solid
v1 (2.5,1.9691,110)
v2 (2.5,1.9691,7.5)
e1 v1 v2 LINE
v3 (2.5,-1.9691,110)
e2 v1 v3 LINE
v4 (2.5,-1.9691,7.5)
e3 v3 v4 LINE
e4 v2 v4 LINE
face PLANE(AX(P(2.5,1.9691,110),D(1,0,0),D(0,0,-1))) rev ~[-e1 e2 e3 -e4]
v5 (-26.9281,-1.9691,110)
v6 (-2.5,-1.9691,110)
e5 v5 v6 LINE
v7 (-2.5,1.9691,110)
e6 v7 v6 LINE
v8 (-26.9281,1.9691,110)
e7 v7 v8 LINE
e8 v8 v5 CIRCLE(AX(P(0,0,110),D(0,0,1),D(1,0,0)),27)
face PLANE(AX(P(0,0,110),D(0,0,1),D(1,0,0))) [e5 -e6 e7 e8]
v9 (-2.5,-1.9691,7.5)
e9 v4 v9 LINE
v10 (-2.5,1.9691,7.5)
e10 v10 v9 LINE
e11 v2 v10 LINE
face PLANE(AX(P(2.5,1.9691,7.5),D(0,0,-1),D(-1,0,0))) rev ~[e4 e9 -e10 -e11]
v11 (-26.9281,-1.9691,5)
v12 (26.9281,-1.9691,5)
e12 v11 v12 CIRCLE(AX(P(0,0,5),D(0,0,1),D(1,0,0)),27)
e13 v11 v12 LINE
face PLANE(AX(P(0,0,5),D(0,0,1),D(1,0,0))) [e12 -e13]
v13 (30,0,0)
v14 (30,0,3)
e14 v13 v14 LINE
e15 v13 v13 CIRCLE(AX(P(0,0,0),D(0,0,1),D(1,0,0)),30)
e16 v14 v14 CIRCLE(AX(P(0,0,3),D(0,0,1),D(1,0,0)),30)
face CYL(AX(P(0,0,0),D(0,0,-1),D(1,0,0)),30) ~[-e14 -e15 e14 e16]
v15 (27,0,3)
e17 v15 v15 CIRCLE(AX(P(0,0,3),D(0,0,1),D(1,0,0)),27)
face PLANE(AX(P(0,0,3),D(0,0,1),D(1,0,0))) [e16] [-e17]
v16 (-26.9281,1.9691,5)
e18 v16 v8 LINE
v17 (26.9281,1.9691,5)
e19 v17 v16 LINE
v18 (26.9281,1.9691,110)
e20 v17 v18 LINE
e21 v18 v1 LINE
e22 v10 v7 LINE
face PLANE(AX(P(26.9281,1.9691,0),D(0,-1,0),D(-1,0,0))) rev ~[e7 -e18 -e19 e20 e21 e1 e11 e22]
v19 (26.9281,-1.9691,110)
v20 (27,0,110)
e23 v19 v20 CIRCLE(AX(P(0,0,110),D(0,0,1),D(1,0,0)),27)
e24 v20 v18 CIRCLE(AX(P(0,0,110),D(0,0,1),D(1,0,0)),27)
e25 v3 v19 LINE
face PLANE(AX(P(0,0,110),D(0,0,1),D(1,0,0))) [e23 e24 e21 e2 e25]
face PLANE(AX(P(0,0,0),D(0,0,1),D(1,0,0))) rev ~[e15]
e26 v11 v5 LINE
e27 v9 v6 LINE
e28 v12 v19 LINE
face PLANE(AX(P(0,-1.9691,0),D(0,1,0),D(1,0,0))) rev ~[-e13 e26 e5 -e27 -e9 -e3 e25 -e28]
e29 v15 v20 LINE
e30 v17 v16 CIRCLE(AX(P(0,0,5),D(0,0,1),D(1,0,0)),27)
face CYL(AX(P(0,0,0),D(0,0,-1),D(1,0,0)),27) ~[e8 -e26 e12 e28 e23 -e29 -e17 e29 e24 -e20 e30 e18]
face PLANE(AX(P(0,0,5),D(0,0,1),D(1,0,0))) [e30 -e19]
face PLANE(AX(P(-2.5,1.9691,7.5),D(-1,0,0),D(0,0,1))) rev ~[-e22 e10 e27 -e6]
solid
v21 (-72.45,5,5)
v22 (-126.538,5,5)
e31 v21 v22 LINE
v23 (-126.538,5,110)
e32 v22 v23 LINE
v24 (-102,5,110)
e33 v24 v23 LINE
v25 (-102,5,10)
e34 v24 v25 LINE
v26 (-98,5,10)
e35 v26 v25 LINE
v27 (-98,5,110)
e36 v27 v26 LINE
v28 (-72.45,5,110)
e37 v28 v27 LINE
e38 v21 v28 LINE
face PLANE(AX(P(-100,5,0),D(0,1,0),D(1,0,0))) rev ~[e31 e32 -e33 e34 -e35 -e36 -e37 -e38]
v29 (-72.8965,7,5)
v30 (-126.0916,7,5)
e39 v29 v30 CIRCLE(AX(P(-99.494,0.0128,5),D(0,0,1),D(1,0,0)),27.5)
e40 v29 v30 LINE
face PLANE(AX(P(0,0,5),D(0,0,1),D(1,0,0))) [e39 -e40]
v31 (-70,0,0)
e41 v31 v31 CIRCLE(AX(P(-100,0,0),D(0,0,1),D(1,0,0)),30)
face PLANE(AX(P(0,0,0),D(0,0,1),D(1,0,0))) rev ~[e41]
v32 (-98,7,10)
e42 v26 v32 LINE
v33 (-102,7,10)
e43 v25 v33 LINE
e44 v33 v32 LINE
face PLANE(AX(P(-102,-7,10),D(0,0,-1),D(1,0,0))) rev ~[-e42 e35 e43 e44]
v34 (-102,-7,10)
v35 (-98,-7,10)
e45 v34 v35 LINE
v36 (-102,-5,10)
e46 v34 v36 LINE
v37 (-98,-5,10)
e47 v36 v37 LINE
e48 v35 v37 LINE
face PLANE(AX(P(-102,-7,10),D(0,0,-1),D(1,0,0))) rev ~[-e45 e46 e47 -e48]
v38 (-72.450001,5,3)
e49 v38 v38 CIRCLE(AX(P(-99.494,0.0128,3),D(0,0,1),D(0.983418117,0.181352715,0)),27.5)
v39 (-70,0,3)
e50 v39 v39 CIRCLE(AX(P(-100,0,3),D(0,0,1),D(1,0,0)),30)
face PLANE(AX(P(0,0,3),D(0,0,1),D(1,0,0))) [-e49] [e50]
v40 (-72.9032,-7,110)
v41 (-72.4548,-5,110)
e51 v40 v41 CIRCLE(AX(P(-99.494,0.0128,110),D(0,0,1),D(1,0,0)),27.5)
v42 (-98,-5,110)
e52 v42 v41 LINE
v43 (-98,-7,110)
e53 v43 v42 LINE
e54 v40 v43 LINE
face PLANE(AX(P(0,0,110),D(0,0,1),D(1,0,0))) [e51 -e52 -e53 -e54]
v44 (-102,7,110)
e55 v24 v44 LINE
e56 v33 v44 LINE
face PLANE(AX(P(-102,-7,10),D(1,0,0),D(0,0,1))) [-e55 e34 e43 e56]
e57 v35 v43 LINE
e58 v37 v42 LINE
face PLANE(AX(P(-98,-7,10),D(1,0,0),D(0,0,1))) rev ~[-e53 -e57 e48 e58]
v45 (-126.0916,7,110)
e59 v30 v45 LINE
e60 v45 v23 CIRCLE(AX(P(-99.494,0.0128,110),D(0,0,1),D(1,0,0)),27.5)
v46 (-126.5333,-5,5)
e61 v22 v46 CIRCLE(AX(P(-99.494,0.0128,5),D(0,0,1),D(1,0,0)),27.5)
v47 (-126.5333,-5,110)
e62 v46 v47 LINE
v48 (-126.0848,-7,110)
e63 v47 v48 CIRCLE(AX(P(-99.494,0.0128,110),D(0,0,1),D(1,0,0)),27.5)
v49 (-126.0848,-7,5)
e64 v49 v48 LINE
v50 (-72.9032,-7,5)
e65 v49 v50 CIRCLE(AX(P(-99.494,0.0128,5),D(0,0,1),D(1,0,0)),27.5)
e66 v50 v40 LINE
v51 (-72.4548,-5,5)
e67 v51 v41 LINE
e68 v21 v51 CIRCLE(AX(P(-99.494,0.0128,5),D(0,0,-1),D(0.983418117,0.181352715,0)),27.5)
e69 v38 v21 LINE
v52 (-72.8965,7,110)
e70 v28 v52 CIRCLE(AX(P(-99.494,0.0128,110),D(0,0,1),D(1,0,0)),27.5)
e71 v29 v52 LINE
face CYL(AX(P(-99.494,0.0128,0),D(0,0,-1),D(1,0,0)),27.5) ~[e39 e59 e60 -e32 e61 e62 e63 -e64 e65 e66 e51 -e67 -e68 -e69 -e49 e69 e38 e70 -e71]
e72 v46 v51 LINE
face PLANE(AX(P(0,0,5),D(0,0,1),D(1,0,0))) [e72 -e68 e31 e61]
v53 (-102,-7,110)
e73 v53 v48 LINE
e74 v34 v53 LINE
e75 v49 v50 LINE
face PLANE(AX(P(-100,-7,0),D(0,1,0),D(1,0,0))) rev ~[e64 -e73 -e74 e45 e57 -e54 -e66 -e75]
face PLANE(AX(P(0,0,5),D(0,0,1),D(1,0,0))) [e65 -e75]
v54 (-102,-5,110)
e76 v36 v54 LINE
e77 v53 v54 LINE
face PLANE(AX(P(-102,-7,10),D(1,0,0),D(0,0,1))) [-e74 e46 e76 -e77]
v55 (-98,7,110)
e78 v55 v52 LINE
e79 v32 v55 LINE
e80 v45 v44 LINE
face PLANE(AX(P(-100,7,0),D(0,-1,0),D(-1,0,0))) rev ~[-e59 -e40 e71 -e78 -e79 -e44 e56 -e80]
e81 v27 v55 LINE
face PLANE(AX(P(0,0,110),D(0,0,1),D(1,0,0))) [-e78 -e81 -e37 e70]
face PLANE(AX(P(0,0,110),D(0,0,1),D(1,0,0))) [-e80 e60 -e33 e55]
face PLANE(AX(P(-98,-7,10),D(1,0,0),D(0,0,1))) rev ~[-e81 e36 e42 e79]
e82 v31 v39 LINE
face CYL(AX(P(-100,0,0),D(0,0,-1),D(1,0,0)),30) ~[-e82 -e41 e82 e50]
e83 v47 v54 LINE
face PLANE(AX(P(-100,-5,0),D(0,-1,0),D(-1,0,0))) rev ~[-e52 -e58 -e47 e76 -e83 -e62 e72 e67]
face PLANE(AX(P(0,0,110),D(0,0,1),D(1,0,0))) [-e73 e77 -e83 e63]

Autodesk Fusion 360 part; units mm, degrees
sketch "Base" plane through (0, 0, 0) normal (0, 0, 1) x (1, 0, 0)
  circle A0 centre (0, 0) radius 30
  circle A1 centre (0, 0) radius 28
  dimension "d1" = 60
  dimension "d2" = 56
extrude "Extrude1" add sketch "Base" along normal blind 2 contours A1 makes body 1
extrude "Extrude2" add sketch "Base" along normal blind 113 bodies 1
sketch "Sketch2" plane through (0, 0, 0) normal (0, 0, 1) x (1, 0, 0)
  circle A0 centre (0, 0) radius 27
  line L0 (0, -1.9691) -> (26.9281, -1.9691)
  line L1 (-26.9281, -1.9691) -> (0, -1.9691)
  line L2 (0, 1.9691) -> (-26.9281, 1.9691)
  line L3 (26.9281, 1.9691) -> (0, 1.9691)
  circle A1 centre (0, 0) radius 30
  dimension "d46" = 54
extrude "Extrude3" add sketch "Sketch2" along normal blind 3 separate body makes body 2
extrude "Extrude4" add sketch "Sketch2" along normal blind 5 contours A0 L0 L1 bodies 2
extrude "Extrude5" add sketch "Sketch2" along normal blind 5 contours A0 L2 L3 bodies 2
extrude "Extrude6" add sketch "Sketch2" along normal blind 110 contours A0 L0 L1 L2 L3 bodies 2
sketch "Sketch6" plane through (0, 1.9691, 0) normal (0, 1, 0) x (-1, 0, 0)
  line L0 (-26.9281, 5) -> (26.9281, 5)
  line L1 (26.9281, 5) -> (26.9281, 110)
  line L2 (26.9281, 110) -> (-26.9281, 110)
  line L3 (-26.9281, 110) -> (-26.9281, 5)
  line L4 (-2.5, 7.5) -> (2.5, 7.5)
  line L5 (2.5, 7.5) -> (2.5, 110)
  line L6 (-2.5, 110) -> (2.5, 110)
  line L7 (-2.5, 110) -> (-2.5, 7.5)
  dimension "d15" = 102.5
  dimension "d16" = 5
extrude "Extrude7" cut sketch "Sketch6" against normal blind 4 contours L2 L4 L5 L6 L7 bodies 2
sketch "Sketch7" plane through (0, 0, 0) normal (0, 0, 1) x (1, 0, 0)
  circle A0 centre (-100, 0) radius 30
  circle A1 centre (-99.494, 0.0128) radius 27.5
  line L0 (-100, 5) -> (-72.45, 5)
  line L1 (-100, -5) -> (-72.4548, -5)
  line L2 (-100, -5) -> (-126.5333, -5)
  line L3 (-100, 5) -> (-126.538, 5)
  line L4 (-100, -7) -> (-72.9032, -7)
  line L5 (-100, -7) -> (-126.0848, -7)
  line L6 (-100, 7) -> (-72.8965, 7)
  line L7 (-100, 7) -> (-126.0916, 7)
  dimension "d35" = 55
extrude "Extrude8" add sketch "Sketch7" along normal blind 3 separate body makes body 3
extrude "Extrude9" add sketch "Sketch7" along normal blind 5 contours A1 L6 L7 bodies 3
extrude "Extrude10" add sketch "Sketch7" along normal blind 5 contours A1 L0 L1 L2 L3 bodies 3
extrude "Extrude11" add sketch "Sketch7" along normal blind 5 contours A1 L4 L5 bodies 3
extrude "Extrude12" add sketch "Sketch7" along normal blind 110 contours A1 L0 L3 L6 L7 bodies 3
extrude "Extrude13" add sketch "Sketch7" along normal blind 110 contours A1 L1 L2 L4 L5 bodies 3
sketch "Sketch8" plane through (0, -7, 0) normal (0, -1, 0) x (1, 0, 0)
  line L0 (-126.0848, 5) -> (-72.9032, 5)
  line L1 (-72.9032, 5) -> (-72.9032, 110)
  line L2 (-72.9032, 110) -> (-126.0848, 110)
  line L3 (-126.0848, 110) -> (-126.0848, 5)
  line L4 (-102, 10) -> (-98, 10)
  line L5 (-98, 10) -> (-98, 110)
  line L6 (-102, 10) -> (-102, 110)
extrude "Extrude14" cut sketch "Sketch8" against normal blind 200 contours L2 L4 L5 L6 bodies 3
extrude "Extrude15" add sketch "Sketch7" along normal blind 3 separate body makes body 4
extrude "Extrude16" add sketch "Sketch7" along normal blind 5 contours A1 L6 L7 | A1 L4 L5 bodies 4
extrude "Extrude17" add sketch "Sketch7" along normal blind 5 contours A1 L0 L1 L2 L3 bodies 4
extrude "Extrude18" add sketch "Sketch7" along normal blind 110 contours A1 L0 L3 L6 L7 | A1 L1 L2 L4 L5 bodies 4
extrude "Extrude19" cut sketch "Sketch8" against normal blind 200 contours L2 L4 L5 L6 bodies 4
hidden bodies 1 3
